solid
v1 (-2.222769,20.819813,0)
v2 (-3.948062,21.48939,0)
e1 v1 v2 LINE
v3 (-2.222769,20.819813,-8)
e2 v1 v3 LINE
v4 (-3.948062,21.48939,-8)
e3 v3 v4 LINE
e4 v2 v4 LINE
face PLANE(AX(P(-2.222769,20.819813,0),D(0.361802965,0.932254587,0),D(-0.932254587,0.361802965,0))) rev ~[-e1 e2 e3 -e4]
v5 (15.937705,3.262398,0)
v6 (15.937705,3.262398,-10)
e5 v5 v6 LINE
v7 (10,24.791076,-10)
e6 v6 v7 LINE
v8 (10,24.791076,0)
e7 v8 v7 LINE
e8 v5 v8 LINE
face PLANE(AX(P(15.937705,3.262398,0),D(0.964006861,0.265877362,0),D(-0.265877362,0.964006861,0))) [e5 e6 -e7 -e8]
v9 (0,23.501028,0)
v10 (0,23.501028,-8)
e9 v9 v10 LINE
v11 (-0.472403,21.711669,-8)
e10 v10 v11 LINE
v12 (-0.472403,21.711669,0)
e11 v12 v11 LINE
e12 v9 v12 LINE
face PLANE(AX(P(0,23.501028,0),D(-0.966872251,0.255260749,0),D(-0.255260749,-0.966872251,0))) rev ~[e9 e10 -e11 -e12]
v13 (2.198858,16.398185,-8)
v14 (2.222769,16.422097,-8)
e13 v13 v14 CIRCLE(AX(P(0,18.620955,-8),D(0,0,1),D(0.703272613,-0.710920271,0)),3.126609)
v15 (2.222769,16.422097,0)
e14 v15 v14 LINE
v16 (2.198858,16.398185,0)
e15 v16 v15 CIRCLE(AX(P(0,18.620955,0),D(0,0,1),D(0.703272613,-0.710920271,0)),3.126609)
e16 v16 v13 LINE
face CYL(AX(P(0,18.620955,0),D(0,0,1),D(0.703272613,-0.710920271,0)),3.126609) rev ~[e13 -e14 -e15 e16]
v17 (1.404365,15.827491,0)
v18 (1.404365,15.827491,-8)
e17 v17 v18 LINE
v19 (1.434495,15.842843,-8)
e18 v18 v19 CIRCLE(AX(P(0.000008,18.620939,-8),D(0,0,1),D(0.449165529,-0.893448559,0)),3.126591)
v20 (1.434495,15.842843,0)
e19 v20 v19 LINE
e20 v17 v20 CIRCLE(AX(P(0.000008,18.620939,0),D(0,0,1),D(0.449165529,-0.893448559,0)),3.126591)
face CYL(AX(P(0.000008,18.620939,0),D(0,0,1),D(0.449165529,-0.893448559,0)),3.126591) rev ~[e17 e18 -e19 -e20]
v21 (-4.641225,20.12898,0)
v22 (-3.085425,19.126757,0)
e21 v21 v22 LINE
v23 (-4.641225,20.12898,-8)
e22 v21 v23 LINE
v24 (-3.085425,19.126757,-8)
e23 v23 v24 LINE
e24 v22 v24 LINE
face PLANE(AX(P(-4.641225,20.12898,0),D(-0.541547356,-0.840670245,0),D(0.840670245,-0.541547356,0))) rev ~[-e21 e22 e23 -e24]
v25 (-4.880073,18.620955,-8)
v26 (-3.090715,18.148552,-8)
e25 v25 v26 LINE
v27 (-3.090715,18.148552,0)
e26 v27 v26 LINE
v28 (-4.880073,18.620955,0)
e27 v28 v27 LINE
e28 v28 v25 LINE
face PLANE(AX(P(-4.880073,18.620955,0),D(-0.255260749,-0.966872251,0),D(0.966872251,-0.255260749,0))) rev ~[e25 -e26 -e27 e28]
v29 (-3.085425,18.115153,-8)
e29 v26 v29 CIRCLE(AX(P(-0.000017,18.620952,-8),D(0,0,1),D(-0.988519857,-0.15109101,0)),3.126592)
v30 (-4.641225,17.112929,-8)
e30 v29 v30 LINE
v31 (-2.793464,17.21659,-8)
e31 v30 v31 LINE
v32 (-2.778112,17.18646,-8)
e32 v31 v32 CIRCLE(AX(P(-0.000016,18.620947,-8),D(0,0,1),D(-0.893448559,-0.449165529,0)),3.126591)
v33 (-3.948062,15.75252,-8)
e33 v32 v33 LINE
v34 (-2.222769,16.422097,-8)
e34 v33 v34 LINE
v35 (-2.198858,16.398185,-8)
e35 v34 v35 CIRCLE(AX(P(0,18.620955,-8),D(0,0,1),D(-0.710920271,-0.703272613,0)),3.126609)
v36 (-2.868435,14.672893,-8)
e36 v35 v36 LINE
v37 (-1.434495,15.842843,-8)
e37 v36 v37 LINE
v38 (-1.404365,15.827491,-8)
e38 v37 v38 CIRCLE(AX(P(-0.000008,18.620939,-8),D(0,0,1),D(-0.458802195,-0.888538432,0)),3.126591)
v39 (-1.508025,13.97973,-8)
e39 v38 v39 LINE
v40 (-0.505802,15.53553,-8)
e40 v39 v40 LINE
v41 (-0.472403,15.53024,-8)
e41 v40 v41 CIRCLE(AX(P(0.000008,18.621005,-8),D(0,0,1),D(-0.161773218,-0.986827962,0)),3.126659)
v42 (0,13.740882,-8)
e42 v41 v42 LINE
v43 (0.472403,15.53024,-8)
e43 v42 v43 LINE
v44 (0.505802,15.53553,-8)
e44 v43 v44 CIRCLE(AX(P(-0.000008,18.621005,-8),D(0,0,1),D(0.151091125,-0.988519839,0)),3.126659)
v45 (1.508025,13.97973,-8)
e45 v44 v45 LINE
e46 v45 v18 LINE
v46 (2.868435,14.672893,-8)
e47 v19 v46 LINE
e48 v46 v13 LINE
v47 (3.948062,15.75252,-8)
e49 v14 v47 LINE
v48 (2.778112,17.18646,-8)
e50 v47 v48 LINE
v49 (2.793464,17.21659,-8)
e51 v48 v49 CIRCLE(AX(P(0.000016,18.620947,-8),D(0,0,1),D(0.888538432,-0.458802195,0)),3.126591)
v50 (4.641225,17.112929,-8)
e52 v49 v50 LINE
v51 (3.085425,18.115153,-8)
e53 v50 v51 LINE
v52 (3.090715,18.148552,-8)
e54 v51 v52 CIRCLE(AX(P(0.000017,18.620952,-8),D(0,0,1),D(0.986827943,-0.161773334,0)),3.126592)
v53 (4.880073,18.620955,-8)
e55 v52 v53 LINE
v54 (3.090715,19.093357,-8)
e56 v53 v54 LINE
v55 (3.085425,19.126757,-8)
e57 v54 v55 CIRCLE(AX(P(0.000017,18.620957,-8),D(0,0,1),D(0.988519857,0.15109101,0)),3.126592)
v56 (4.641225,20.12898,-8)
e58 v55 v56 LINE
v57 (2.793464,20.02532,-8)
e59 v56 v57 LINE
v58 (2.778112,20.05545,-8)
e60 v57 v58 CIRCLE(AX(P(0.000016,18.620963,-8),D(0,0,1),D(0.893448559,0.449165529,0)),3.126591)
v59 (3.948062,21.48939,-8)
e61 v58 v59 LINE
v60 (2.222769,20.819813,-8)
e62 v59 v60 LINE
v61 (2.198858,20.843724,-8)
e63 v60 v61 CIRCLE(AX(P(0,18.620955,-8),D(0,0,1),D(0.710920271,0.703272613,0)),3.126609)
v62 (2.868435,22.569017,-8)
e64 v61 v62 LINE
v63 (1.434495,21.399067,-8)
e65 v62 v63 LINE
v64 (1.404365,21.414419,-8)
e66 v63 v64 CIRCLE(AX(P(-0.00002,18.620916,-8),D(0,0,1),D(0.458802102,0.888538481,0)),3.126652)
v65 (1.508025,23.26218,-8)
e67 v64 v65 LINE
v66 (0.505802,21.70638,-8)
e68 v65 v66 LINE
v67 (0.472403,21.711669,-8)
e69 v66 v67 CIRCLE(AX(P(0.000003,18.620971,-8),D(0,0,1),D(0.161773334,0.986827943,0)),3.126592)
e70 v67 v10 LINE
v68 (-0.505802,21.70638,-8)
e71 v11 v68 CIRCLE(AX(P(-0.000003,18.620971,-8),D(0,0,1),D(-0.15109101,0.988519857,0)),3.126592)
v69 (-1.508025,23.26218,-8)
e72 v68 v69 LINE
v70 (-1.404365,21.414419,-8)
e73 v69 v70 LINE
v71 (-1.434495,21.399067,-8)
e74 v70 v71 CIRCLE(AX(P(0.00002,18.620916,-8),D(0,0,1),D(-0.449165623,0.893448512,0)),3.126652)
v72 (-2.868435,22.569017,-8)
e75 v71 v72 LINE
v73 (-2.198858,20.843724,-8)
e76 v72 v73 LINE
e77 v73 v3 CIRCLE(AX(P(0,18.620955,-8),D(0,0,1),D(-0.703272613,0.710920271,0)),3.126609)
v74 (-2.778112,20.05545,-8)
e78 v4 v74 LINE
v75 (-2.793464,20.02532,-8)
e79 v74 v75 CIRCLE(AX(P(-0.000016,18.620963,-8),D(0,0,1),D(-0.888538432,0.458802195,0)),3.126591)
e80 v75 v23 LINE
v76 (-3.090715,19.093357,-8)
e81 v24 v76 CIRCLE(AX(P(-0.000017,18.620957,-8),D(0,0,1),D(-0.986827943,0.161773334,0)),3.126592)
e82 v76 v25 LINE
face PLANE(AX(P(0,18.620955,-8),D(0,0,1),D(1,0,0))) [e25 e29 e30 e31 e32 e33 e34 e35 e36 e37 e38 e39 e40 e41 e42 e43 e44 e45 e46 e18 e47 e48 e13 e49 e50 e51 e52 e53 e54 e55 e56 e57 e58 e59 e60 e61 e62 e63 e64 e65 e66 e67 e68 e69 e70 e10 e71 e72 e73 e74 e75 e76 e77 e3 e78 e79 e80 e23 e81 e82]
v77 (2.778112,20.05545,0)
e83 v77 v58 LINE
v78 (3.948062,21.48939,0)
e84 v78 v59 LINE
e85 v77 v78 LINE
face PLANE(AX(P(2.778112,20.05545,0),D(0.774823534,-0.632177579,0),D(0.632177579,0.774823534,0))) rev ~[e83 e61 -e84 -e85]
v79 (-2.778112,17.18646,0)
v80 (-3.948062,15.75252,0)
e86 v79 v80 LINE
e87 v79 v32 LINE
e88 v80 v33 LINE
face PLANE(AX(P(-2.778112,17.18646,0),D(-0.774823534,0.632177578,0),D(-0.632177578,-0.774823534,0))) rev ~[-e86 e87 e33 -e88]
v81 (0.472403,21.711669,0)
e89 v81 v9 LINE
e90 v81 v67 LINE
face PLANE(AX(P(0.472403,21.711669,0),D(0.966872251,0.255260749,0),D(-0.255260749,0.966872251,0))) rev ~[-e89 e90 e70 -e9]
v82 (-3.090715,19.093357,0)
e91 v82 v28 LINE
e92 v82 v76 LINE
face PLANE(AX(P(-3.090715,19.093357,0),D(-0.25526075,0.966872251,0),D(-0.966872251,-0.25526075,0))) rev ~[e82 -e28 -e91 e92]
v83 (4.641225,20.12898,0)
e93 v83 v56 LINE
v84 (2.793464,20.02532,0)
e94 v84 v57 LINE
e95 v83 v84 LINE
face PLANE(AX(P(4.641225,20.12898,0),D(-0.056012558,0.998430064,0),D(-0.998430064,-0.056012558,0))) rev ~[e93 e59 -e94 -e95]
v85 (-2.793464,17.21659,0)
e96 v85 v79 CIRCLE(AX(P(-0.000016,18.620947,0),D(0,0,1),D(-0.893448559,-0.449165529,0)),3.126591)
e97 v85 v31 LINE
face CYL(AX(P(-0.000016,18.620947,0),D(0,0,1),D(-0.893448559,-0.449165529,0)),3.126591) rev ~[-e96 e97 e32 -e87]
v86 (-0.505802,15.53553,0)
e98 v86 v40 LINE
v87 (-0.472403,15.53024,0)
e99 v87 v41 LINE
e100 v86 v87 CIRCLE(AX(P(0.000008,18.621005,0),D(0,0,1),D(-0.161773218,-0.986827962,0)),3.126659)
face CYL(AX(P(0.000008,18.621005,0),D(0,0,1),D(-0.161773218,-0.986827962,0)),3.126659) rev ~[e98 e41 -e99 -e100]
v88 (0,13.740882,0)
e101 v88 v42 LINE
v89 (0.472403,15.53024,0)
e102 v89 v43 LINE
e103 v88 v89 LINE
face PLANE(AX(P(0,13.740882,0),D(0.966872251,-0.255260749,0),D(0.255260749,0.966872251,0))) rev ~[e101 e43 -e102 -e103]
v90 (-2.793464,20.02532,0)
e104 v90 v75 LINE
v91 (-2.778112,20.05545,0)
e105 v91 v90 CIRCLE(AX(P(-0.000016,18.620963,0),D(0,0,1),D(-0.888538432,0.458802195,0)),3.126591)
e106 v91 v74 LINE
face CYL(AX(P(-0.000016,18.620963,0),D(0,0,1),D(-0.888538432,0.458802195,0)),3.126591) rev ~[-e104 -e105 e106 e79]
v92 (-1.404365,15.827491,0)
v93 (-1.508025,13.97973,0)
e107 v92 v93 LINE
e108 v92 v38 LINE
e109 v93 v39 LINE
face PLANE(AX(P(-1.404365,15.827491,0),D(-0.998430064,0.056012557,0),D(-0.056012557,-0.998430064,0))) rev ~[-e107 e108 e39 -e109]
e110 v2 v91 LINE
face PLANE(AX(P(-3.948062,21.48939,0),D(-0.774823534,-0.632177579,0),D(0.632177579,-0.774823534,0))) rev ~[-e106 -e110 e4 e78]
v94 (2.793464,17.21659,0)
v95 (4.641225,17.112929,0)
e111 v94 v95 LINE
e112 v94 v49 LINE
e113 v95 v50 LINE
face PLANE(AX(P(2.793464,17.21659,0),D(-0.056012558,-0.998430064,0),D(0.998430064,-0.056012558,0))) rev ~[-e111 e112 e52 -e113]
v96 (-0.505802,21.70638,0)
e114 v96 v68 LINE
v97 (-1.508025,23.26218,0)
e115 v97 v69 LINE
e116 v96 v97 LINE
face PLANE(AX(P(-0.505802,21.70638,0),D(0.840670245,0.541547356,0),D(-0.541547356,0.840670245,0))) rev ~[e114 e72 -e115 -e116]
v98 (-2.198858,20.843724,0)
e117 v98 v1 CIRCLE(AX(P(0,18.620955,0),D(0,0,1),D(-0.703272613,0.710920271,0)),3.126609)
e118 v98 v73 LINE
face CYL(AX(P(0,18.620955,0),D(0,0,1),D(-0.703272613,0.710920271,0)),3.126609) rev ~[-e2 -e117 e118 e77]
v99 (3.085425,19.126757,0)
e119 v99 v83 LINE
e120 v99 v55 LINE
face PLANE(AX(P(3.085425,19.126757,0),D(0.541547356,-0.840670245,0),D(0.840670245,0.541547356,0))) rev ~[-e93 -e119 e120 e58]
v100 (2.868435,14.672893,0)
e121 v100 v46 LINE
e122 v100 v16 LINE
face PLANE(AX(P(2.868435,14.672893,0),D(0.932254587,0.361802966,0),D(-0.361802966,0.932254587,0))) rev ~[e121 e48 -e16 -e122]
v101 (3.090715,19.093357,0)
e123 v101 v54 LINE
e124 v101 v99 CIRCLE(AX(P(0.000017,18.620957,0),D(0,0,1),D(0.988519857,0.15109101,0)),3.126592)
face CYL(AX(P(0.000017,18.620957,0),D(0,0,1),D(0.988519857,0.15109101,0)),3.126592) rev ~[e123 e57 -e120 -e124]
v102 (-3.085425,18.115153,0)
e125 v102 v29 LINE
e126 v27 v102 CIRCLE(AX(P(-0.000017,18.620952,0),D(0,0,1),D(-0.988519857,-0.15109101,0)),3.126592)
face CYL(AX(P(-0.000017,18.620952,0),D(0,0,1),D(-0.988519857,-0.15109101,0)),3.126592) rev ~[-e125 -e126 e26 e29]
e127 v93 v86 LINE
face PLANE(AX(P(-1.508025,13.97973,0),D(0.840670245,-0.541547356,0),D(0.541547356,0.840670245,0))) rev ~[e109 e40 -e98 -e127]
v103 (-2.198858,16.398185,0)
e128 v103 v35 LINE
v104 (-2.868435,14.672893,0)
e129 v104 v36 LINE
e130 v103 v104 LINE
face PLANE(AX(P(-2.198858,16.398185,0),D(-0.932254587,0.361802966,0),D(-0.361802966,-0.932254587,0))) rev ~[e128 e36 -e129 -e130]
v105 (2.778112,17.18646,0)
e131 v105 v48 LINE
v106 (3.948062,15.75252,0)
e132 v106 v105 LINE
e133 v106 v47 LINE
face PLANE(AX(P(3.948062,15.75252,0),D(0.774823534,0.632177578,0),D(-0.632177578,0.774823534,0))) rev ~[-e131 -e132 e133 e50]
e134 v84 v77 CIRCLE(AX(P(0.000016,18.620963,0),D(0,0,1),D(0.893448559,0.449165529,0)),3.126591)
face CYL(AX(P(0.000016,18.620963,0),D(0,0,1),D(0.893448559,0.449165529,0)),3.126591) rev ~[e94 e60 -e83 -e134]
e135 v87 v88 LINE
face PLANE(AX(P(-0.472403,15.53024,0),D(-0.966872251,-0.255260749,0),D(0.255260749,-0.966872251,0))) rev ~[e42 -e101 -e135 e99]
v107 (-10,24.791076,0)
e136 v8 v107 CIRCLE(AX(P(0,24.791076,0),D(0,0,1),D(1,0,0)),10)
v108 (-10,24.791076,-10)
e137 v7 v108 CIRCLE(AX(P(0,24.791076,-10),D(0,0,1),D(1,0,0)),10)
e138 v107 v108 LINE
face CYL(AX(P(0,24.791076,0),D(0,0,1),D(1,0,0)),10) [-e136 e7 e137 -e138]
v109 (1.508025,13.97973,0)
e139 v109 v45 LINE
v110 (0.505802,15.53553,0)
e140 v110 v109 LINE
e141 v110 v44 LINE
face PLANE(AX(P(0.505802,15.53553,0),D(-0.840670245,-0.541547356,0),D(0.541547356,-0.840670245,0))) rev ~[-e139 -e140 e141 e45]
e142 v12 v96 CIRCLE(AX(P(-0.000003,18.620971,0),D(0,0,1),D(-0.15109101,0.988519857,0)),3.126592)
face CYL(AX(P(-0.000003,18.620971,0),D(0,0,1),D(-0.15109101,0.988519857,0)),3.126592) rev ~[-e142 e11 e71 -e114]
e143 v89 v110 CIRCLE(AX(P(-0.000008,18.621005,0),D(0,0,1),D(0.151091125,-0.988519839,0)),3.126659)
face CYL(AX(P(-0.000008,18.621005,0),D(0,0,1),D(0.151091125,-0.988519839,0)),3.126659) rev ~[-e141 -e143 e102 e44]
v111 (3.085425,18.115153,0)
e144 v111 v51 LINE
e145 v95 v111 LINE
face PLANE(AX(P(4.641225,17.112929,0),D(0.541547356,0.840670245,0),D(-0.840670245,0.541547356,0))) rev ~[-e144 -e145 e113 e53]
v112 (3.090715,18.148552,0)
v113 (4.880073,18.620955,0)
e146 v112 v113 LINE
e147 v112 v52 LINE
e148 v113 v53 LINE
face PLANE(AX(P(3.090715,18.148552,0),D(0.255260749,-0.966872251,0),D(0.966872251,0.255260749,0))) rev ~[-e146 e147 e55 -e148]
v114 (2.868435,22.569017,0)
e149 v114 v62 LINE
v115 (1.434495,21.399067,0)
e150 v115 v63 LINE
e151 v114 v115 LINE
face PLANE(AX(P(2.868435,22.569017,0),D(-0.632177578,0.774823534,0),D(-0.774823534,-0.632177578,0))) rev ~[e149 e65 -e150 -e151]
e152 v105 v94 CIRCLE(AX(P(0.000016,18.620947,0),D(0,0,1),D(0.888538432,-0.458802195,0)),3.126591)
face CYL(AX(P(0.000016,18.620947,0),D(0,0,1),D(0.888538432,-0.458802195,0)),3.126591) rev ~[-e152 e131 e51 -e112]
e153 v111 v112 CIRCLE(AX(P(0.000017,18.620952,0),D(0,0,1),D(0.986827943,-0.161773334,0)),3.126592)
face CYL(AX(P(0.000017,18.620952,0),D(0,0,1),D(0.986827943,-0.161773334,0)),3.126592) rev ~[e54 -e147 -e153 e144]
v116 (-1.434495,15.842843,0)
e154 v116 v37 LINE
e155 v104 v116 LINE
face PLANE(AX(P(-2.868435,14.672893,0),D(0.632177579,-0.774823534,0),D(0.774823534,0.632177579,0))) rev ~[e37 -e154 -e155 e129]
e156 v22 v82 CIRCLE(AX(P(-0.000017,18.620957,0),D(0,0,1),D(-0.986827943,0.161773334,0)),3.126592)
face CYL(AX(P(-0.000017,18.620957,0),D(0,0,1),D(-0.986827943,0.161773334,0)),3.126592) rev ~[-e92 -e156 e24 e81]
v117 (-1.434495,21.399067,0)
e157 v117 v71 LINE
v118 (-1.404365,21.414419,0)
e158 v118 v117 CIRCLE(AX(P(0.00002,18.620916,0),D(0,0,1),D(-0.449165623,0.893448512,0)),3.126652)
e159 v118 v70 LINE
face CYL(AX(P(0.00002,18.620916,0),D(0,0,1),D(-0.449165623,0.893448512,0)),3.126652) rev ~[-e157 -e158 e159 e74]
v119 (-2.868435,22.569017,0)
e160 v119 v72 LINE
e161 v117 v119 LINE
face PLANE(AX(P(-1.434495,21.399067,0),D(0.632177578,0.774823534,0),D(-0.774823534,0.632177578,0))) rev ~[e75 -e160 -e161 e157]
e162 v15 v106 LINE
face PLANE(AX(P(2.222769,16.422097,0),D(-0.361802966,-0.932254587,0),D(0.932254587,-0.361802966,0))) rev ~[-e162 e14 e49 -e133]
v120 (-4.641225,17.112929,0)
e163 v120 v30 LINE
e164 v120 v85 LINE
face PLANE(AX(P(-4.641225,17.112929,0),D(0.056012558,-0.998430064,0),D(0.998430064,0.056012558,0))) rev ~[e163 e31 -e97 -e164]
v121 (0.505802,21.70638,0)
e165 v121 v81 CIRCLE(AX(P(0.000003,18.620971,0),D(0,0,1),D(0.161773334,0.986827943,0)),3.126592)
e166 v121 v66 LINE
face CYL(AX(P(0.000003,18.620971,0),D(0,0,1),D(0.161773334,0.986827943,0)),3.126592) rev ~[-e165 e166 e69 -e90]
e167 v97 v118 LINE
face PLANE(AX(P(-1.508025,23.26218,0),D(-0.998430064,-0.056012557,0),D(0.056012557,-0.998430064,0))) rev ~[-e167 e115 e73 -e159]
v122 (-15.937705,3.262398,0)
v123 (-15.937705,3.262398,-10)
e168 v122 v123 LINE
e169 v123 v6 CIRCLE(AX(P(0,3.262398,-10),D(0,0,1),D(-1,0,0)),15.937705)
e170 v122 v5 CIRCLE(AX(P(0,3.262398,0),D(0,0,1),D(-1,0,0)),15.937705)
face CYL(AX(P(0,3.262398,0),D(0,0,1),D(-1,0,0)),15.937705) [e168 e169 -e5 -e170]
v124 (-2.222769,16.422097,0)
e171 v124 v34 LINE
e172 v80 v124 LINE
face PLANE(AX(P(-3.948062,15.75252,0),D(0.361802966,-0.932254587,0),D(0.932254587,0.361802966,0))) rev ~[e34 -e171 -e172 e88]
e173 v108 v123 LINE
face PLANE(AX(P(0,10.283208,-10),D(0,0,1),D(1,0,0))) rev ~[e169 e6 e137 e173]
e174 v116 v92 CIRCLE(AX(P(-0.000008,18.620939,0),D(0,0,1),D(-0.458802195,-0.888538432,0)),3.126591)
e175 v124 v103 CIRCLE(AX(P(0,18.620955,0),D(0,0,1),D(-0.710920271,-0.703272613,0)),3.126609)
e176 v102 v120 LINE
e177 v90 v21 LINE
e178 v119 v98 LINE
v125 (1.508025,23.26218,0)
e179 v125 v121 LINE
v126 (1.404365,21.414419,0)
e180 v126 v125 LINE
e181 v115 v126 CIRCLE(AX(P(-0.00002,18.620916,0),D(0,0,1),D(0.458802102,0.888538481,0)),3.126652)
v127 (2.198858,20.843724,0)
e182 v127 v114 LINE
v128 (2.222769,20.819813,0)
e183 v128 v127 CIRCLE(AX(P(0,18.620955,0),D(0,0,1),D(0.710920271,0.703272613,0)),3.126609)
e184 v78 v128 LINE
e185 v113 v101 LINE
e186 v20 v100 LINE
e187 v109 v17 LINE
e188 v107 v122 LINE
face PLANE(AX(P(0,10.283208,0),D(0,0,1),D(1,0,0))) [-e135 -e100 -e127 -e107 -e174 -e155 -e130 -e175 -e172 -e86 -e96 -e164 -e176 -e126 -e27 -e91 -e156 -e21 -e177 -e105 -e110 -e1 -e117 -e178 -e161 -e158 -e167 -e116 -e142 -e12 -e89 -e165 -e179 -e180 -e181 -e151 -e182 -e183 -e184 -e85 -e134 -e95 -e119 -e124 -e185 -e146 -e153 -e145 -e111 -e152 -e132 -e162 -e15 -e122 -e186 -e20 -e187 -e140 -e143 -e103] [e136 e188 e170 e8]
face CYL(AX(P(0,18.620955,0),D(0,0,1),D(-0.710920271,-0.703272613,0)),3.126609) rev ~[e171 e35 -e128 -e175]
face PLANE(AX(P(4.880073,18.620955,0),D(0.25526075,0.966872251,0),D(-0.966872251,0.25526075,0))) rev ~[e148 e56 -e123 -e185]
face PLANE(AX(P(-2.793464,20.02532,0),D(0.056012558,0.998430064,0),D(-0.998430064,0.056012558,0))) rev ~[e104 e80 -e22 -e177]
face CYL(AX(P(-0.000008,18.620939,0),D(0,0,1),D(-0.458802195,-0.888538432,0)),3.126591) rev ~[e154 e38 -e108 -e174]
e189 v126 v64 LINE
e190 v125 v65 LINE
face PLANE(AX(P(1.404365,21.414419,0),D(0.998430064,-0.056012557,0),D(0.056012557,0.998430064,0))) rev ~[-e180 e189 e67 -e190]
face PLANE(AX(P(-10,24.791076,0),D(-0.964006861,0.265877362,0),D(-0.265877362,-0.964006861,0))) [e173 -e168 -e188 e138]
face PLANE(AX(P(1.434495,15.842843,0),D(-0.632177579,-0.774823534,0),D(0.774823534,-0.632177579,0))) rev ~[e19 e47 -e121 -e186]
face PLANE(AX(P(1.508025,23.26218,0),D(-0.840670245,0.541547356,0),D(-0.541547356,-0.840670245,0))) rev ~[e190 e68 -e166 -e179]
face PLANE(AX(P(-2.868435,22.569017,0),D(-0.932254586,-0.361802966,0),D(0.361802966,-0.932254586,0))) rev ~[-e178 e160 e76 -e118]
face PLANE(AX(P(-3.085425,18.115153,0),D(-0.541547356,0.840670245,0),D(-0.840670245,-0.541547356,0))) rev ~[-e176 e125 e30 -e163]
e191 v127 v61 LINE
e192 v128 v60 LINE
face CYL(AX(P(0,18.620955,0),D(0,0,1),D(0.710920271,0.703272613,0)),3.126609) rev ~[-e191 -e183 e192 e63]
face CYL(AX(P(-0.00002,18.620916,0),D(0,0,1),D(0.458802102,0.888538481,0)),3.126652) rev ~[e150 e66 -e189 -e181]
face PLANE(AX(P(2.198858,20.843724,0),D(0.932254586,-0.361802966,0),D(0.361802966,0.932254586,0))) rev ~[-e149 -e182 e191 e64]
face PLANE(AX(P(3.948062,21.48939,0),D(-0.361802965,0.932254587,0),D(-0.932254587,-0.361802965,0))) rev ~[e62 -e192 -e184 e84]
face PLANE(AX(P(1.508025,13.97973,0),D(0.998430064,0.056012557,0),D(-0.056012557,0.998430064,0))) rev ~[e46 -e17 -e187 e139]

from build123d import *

# Parameters (mm, degrees)
EXTRUDE_1_DEPTH     = 10
CUT_EXTRUDE_2_DEPTH = 8


with BuildPart() as part:
    # 草图1 → 凸台-拉伸1 (new body)
    with BuildSketch(Plane.XY):
        with BuildLine():
            Line((-10, 24.791076412), (-15.93770494, 3.262397709))
            ThreePointArc((-15.93770494, 3.262397709), (0, -12.675307231), (15.93770494, 3.262397709))
            Line((15.93770494, 3.262397709), (10, 24.791076412))
            ThreePointArc((10, 24.791076412), (0, 34.791076412), (-10, 24.791076412))
        make_face()
    extrude(amount=-EXTRUDE_1_DEPTH)

    # 草图3 → 切除-拉伸2 (cut)
    with BuildSketch(Plane.XY):
        with BuildLine():
            Line((0, 23.501027712), (-0.472402553, 21.711669494))
            ThreePointArc((-0.472402553, 21.711669494), (-0.489109338, 21.709069686), (-0.50580182, 21.70637957))
            Line((-0.50580182, 21.70637957), (-1.508025445, 23.262179946))
            Line((-1.508025445, 23.262179946), (-1.404364874, 21.414418736))
            ThreePointArc((-1.404364874, 21.414418736), (-1.419450586, 21.40678349), (-1.434494788, 21.399066778))
            Line((-1.434494788, 21.399066778), (-2.868434853, 22.569016731))
            Line((-2.868434853, 22.569016731), (-2.198858175, 20.84372427))
            ThreePointArc((-2.198858175, 20.84372427), (-2.210846119, 20.831800979), (-2.22276941, 20.819813035))
            Line((-2.22276941, 20.819813035), (-3.948061872, 21.489389712))
            Line((-3.948061872, 21.489389712), (-2.778111918, 20.055449647))
            ThreePointArc((-2.778111918, 20.055449647), (-2.785828631, 20.040405445), (-2.793463876, 20.025319733))
            Line((-2.793463876, 20.025319733), (-4.641225087, 20.128980305))
            Line((-4.641225087, 20.128980305), (-3.085424711, 19.12675668))
            ThreePointArc((-3.085424711, 19.12675668), (-3.088114827, 19.110064198), (-3.090714635, 19.093357413))
            Line((-3.090714635, 19.093357413), (-4.880072853, 18.620954859))
            Line((-4.880072853, 18.620954859), (-3.090714635, 18.148552306))
            ThreePointArc((-3.090714635, 18.148552306), (-3.088114827, 18.131845521), (-3.085424711, 18.115153039))
            Line((-3.085424711, 18.115153039), (-4.641225087, 17.112929414))
            Line((-4.641225087, 17.112929414), (-2.793463876, 17.216589986))
            ThreePointArc((-2.793463876, 17.216589986), (-2.785828631, 17.201504274), (-2.778111918, 17.186460072))
            Line((-2.778111918, 17.186460072), (-3.948061872, 15.752520006))
            Line((-3.948061872, 15.752520006), (-2.22276941, 16.422096684))
            ThreePointArc((-2.22276941, 16.422096684), (-2.210846119, 16.41010874), (-2.198858175, 16.398185449))
            Line((-2.198858175, 16.398185449), (-2.868434853, 14.672892987))
            Line((-2.868434853, 14.672892987), (-1.434494788, 15.842842941))
            ThreePointArc((-1.434494788, 15.842842941), (-1.419450586, 15.835126228), (-1.404364874, 15.827490983))
            Line((-1.404364874, 15.827490983), (-1.508025445, 13.979729772))
            Line((-1.508025445, 13.979729772), (-0.50580182, 15.535530148))
            ThreePointArc((-0.50580182, 15.535530148), (-0.489109338, 15.532840033), (-0.472402553, 15.530240224))
            Line((-0.472402553, 15.530240224), (0, 13.740882006))
            Line((0, 13.740882006), (0.472402553, 15.530240224))
            ThreePointArc((0.472402553, 15.530240224), (0.489109338, 15.532840033), (0.50580182, 15.535530148))
            Line((0.50580182, 15.535530148), (1.508025445, 13.979729772))
            Line((1.508025445, 13.979729772), (1.404364874, 15.827490983))
            ThreePointArc((1.404364874, 15.827490983), (1.419450586, 15.835126228), (1.434494788, 15.842842941))
            Line((1.434494788, 15.842842941), (2.868434853, 14.672892987))
            Line((2.868434853, 14.672892987), (2.198858175, 16.398185449))
            ThreePointArc((2.198858175, 16.398185449), (2.210846119, 16.41010874), (2.22276941, 16.422096684))
            Line((2.22276941, 16.422096684), (3.948061872, 15.752520006))
            Line((3.948061872, 15.752520006), (2.778111918, 17.186460072))
            ThreePointArc((2.778111918, 17.186460072), (2.785828631, 17.201504274), (2.793463876, 17.216589986))
            Line((2.793463876, 17.216589986), (4.641225087, 17.112929414))
            Line((4.641225087, 17.112929414), (3.085424711, 18.115153039))
            ThreePointArc((3.085424711, 18.115153039), (3.088114827, 18.131845521), (3.090714635, 18.148552306))
            Line((3.090714635, 18.148552306), (4.880072853, 18.620954859))
            Line((4.880072853, 18.620954859), (3.090714635, 19.093357413))
            ThreePointArc((3.090714635, 19.093357413), (3.088114827, 19.110064198), (3.085424711, 19.12675668))
            Line((3.085424711, 19.12675668), (4.641225087, 20.128980305))
            Line((4.641225087, 20.128980305), (2.793463876, 20.025319733))
            ThreePointArc((2.793463876, 20.025319733), (2.785828631, 20.040405445), (2.778111918, 20.055449647))
            Line((2.778111918, 20.055449647), (3.948061872, 21.489389712))
            Line((3.948061872, 21.489389712), (2.22276941, 20.819813035))
            ThreePointArc((2.22276941, 20.819813035), (2.210846119, 20.831800979), (2.198858175, 20.84372427))
            Line((2.198858175, 20.84372427), (2.868434853, 22.569016731))
            Line((2.868434853, 22.569016731), (1.434494788, 21.399066778))
            ThreePointArc((1.434494788, 21.399066778), (1.419450586, 21.40678349), (1.404364874, 21.414418736))
            Line((1.404364874, 21.414418736), (1.508025445, 23.262179946))
            Line((1.508025445, 23.262179946), (0.50580182, 21.70637957))
            ThreePointArc((0.50580182, 21.70637957), (0.489109338, 21.709069686), (0.472402553, 21.711669494))
            Line((0.472402553, 21.711669494), (0, 23.501027712))
        make_face()
    extrude(amount=-CUT_EXTRUDE_2_DEPTH, mode=Mode.SUBTRACT)


solid = part.part
